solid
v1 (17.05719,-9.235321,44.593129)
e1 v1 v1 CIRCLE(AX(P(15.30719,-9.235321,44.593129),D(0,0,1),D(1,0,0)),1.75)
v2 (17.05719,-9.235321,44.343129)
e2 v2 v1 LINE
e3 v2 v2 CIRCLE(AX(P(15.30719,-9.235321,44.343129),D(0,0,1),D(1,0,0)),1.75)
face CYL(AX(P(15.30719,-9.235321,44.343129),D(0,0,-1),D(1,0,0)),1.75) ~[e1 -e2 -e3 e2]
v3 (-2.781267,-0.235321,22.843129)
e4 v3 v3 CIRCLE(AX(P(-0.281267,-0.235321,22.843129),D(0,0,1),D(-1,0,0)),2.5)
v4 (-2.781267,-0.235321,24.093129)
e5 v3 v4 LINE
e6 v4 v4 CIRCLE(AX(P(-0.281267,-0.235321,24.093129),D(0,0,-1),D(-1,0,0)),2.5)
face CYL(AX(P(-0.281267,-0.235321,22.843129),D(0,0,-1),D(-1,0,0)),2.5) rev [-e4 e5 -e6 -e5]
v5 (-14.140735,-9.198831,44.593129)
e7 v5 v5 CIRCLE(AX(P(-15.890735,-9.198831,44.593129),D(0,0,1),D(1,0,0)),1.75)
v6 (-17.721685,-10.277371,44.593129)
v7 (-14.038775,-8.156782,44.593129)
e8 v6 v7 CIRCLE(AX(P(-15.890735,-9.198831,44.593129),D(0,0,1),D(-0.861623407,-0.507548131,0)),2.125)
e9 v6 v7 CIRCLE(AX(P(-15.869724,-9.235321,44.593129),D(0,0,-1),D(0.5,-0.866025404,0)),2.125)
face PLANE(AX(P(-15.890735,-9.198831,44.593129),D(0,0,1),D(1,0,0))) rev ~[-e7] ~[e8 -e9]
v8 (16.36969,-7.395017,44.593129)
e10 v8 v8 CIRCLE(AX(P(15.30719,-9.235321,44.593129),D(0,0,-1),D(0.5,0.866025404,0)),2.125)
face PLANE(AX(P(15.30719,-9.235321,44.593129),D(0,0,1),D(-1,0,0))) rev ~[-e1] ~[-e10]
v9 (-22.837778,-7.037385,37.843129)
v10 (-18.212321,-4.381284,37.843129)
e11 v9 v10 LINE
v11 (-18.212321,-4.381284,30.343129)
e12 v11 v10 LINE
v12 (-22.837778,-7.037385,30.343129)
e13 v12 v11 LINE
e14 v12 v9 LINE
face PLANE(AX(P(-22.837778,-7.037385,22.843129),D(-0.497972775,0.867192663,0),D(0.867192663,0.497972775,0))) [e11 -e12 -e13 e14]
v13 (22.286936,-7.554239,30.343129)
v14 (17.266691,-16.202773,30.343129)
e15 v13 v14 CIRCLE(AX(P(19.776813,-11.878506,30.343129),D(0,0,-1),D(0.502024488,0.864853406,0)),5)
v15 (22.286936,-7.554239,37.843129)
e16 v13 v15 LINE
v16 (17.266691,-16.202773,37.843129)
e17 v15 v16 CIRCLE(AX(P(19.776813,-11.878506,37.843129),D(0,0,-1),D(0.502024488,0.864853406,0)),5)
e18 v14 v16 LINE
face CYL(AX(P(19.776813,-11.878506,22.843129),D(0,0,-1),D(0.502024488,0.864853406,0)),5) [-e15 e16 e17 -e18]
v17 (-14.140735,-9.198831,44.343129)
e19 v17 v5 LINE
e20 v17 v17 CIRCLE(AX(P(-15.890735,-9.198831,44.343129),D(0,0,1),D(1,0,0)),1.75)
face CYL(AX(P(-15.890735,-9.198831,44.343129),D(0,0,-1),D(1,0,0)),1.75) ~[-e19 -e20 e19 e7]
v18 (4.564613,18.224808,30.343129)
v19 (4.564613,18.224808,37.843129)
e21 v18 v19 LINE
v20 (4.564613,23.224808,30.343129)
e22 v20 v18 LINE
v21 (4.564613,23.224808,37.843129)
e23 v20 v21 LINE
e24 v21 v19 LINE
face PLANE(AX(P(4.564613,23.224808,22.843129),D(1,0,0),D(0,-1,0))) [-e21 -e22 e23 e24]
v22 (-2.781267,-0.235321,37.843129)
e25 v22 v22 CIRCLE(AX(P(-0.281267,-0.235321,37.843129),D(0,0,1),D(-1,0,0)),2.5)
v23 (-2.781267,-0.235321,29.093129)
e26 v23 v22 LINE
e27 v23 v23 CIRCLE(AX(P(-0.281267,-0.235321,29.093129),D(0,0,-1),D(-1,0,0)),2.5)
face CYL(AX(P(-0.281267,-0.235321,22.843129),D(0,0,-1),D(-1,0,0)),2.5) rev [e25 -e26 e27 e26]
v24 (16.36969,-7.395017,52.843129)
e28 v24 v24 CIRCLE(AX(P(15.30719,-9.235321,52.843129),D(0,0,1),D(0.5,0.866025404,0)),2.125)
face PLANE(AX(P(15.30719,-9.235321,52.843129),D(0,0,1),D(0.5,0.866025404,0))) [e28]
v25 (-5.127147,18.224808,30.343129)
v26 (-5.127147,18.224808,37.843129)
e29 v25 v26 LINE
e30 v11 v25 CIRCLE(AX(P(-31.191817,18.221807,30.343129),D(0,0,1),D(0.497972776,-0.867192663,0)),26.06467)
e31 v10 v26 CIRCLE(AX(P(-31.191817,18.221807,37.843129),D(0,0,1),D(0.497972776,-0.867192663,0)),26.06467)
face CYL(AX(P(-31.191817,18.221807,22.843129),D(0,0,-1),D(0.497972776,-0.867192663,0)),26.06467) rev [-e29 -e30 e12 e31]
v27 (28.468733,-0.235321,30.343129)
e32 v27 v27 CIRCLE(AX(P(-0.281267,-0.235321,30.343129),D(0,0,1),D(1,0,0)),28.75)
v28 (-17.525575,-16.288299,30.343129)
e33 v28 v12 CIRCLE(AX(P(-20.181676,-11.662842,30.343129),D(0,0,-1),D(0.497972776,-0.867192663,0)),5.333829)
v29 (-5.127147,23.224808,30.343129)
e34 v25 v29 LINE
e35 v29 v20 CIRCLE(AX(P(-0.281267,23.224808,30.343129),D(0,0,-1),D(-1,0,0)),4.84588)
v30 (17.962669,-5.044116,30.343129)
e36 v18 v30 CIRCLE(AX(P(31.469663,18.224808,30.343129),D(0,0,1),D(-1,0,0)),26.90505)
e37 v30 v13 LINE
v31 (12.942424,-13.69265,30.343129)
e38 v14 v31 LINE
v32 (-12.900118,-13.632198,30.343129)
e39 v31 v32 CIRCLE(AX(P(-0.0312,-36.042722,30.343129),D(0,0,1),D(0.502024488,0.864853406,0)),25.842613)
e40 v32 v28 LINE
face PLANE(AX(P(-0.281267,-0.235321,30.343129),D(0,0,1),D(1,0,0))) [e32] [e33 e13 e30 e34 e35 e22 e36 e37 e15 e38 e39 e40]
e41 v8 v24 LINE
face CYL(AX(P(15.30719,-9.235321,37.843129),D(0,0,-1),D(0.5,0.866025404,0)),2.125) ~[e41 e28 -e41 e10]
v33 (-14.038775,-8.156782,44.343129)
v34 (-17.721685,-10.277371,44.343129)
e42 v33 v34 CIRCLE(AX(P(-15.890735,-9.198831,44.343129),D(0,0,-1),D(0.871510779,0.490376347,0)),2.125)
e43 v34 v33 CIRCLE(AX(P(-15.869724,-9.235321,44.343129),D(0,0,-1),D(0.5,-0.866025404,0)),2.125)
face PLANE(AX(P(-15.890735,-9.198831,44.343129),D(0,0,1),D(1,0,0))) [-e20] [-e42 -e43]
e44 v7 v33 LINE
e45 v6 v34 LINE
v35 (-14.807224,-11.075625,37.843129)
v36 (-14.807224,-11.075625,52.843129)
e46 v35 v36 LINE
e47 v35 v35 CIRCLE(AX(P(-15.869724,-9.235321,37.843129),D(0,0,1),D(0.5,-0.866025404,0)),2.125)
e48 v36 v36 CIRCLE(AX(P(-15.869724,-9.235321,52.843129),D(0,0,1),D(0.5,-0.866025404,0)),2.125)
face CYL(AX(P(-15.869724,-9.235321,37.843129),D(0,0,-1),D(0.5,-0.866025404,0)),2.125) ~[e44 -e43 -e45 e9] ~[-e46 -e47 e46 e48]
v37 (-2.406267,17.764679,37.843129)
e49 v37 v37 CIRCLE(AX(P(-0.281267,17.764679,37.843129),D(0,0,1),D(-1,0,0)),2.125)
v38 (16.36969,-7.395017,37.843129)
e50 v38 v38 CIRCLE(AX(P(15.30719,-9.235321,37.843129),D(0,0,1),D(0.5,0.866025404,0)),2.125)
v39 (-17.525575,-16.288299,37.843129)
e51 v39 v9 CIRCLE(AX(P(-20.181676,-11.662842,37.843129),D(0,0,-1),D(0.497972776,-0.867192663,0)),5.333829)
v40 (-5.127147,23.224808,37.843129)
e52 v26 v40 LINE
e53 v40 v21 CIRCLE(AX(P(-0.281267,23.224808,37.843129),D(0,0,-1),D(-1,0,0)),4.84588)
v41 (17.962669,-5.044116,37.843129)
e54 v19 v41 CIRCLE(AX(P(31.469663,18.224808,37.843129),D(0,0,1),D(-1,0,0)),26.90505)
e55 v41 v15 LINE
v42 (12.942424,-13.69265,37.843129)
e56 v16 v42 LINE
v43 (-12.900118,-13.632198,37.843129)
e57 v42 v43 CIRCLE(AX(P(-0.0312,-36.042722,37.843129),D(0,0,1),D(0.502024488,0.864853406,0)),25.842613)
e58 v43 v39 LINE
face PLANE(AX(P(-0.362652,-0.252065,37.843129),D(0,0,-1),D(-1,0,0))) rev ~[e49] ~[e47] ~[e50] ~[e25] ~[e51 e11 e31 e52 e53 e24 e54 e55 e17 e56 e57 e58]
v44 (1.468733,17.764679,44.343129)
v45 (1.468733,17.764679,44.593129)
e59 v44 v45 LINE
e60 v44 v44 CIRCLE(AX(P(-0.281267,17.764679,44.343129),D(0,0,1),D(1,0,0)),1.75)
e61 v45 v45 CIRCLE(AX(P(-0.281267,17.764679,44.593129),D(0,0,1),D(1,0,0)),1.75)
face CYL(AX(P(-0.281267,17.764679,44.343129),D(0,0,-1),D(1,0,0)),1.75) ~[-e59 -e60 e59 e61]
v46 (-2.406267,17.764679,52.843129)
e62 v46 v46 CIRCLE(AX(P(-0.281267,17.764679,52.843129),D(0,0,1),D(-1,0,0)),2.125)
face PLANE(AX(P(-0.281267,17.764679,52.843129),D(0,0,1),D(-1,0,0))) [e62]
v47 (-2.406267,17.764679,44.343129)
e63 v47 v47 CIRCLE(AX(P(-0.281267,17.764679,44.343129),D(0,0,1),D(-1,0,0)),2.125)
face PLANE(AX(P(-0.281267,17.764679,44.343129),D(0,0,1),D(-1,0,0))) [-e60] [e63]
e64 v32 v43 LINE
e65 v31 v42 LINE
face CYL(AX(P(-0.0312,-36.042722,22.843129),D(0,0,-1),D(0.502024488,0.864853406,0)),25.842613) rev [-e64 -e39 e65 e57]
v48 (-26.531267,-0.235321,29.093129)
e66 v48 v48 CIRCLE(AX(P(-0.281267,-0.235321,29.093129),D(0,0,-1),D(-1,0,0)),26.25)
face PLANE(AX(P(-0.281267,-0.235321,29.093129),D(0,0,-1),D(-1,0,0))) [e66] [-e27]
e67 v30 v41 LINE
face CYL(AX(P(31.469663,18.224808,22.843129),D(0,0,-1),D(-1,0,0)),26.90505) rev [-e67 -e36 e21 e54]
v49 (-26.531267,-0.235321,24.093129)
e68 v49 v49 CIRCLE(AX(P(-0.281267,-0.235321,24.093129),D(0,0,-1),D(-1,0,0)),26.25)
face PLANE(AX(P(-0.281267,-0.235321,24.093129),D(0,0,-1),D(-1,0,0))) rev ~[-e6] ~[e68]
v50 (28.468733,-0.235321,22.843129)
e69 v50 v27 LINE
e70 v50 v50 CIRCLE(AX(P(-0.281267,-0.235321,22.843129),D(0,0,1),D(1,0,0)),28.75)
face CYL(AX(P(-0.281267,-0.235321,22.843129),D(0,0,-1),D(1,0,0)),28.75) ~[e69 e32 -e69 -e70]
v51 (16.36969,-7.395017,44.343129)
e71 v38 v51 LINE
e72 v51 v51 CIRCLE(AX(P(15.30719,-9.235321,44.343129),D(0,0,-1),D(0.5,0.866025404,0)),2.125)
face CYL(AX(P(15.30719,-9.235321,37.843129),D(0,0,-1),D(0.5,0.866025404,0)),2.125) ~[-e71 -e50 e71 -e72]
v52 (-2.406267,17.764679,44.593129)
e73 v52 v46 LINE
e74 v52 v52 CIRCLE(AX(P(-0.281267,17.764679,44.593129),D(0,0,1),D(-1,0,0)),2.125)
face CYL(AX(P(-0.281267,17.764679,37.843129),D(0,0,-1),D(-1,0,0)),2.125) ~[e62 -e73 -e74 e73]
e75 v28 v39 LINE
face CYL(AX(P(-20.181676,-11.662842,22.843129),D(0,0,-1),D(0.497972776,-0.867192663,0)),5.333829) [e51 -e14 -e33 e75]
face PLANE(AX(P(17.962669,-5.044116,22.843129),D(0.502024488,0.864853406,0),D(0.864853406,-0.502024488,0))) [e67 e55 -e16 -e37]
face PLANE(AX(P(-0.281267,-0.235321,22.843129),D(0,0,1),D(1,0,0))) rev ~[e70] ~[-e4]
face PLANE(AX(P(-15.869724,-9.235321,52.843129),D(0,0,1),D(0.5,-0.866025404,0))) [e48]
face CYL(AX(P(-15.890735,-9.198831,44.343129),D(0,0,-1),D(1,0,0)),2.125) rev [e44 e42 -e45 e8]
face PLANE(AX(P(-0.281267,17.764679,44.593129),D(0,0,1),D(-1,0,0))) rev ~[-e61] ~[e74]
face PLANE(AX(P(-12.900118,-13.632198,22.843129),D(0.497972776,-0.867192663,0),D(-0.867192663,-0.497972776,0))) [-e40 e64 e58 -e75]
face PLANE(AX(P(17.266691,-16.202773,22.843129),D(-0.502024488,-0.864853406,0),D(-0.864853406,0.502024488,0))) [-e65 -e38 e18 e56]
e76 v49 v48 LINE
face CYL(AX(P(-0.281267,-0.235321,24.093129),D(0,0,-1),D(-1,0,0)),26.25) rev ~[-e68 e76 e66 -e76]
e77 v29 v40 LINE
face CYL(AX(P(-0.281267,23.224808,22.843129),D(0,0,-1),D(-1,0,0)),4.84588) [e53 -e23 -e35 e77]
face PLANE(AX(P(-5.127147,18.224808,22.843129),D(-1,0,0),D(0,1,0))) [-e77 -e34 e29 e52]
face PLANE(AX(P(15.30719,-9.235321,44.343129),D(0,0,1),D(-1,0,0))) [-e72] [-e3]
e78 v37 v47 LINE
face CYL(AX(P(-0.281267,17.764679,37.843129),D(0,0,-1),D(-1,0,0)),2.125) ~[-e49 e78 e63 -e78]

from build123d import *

# Parameters (mm, degrees)
ESQUISSE1_R                  = 115
BOSS_EXTRU_1_DEPTH           = 30
ESQUISSE4_R                  = 10
BOSS_EXTRU_3_DEPTH           = 60
ESQUISSE7_R                  = 8.5
BOSS_EXTRU_4_DEPTH           = 60
R_P_TITION_CIRCULAIRE1_COUNT = 3
ENL_V_START                  = -34
ESQUISSE8_R                  = 8.5
ESQUISSE8_R_2                = 7
ENL_V_MAT_EXTRU_1_DEPTH      = 1
ENL_V_START_2                = -5
ESQUISSE10_R                 = 105
ENL_V_MAT_EXTRU_2_DEPTH      = 20
ECHELLE1_SCALE               = 0.25


with BuildPart() as part:
    # Esquisse1 → Boss.-Extru.1 (new body)
    with BuildSketch(Plane.XY):
        Circle(ESQUISSE1_R)
        with BuildLine():
            Line((-90.226043394, -27.208254638), (-71.724215233, -16.583848882))
            ThreePointArc((-71.724215233, -16.583848882), (-33.409561028, 21.598796439), (-19.383519657, 73.840516299))
            Line((-19.383519657, 73.840516299), (-19.383519657, 93.840516299))
            ThreePointArc((-19.383519657, 93.840516299), (0, 113.224035956), (19.383519657, 93.840516299))
            Line((19.383519657, 93.840516299), (19.383519657, 73.840516299))
            ThreePointArc((19.383519657, 73.840516299), (33.739018197, 20.139465346), (72.975743183, -19.235179086))
            Line((72.975743183, -19.235179086), (90.272811294, -29.275668854))
            ThreePointArc((90.272811294, -29.275668854), (97.529389636, -56.613226732), (70.191831757, -63.869805074))
            Line((70.191831757, -63.869805074), (52.894763647, -53.829315306))
            ThreePointArc((52.894763647, -53.829315306), (1.242076374, -39.859433821), (-50.47540372, -53.587505203))
            Line((-50.47540372, -53.587505203), (-68.97723188, -64.211910959))
            ThreePointArc((-68.97723188, -64.211910959), (-98.103465797, -56.334488555), (-90.226043394, -27.208254638))
        make_face(mode=Mode.SUBTRACT)
    extrude(amount=BOSS_EXTRU_1_DEPTH)

    # Esquisse4 → Boss.-Extru.3 (add)
    with BuildSketch(Plane.XY):
        with BuildLine():
            Line((-90.226043394, -27.208254638), (-71.724215233, -16.583848882))
            ThreePointArc((-71.724215233, -16.583848882), (-33.409561028, 21.598796439), (-19.383519657, 73.840516299))
            Line((-19.383519657, 73.840516299), (-19.383519657, 93.840516299))
            ThreePointArc((-19.383519657, 93.840516299), (0, 113.224035956), (19.383519657, 93.840516299))
            Line((19.383519657, 93.840516299), (19.383519657, 73.840516299))
            ThreePointArc((19.383519657, 73.840516299), (33.739018197, 20.139465346), (72.975743183, -19.235179086))
            Line((72.975743183, -19.235179086), (90.272811294, -29.275668854))
            ThreePointArc((90.272811294, -29.275668854), (97.529389636, -56.613226732), (70.191831757, -63.869805074))
            Line((70.191831757, -63.869805074), (52.894763647, -53.829315306))
            ThreePointArc((52.894763647, -53.829315306), (1.242076374, -39.859433821), (-50.47540372, -53.587505203))
            Line((-50.47540372, -53.587505203), (-68.97723188, -64.211910959))
            ThreePointArc((-68.97723188, -64.211910959), (-98.103465797, -56.334488555), (-90.226043394, -27.208254638))
        make_face()
        with Locations(Location((0, 0, 0), (0, 0, 180))):
            Circle(ESQUISSE4_R, mode=Mode.SUBTRACT)
    extrude(amount=BOSS_EXTRU_3_DEPTH)

    # Esquisse7 → Boss.-Extru.4 (add)
    with BuildSketch(Plane.XY.offset(60)):
        with Locations(Location((0, 72, 0), (0, 0, 180))):
            Circle(ESQUISSE7_R)
    boss_extru_4 = extrude(amount=BOSS_EXTRU_4_DEPTH)

    # Répétition circulaire1: Boss.-Extru.4 ×3 about axis
    r_p_tition_circulaire1_axis = Axis((0, 0, 0), (0, 0, 1))
    for i in range(1, R_P_TITION_CIRCULAIRE1_COUNT):
        add(boss_extru_4.rotate(r_p_tition_circulaire1_axis, i * 360 / R_P_TITION_CIRCULAIRE1_COUNT))

    # Esquisse8 → Enlèv. mat.-Extru.1 (cut)
    # profile 1 of 3: a face of its own
    with BuildSketch(Plane.XY.offset(120).offset(ENL_V_START)):
        with Locations(Location((0, 72, 0), (0, 0, 180))):
            Circle(ESQUISSE8_R)
        with Locations((0, 72)):
            Circle(ESQUISSE8_R_2, mode=Mode.SUBTRACT)
    # profile 2 of 3: a face of its own
    with BuildSketch(Plane.XY.offset(120).offset(ENL_V_START)):
        with Locations((-62.437871739, -35.854039838)):
            Circle(ESQUISSE8_R)
        with Locations((-62.437871739, -35.854039838)):
            Circle(ESQUISSE8_R_2, mode=Mode.SUBTRACT)
    # profile 3 of 3: a face of its own
    with BuildSketch(Plane.XY.offset(120).offset(ENL_V_START)):
        with Locations(Location((62.353829072, -36, 0), (0, 0, 180))):
            Circle(ESQUISSE8_R)
        with Locations((62.353829072, -36)):
            Circle(ESQUISSE8_R_2, mode=Mode.SUBTRACT)
    extrude(amount=ENL_V_MAT_EXTRU_1_DEPTH, mode=Mode.SUBTRACT)

    # Esquisse10 → Enlèv. mat.-Extru.2 (cut)
    with BuildSketch(Plane(origin=(0, 0, 0), x_dir=(-1, 0, 0), z_dir=(0, 0, -1)).offset(ENL_V_START_2)):
        Circle(ESQUISSE10_R)
    extrude(amount=-ENL_V_MAT_EXTRU_2_DEPTH, mode=Mode.SUBTRACT)


with BuildPart() as part_1:
    # Echelle1: scaled about (-0.37502274, -0.313761963, 30.457504843)
    add(part.part.scale(ECHELLE1_SCALE).moved(Location((-0.281267055, -0.235321472, 22.843128632))))


solid = part_1.part
